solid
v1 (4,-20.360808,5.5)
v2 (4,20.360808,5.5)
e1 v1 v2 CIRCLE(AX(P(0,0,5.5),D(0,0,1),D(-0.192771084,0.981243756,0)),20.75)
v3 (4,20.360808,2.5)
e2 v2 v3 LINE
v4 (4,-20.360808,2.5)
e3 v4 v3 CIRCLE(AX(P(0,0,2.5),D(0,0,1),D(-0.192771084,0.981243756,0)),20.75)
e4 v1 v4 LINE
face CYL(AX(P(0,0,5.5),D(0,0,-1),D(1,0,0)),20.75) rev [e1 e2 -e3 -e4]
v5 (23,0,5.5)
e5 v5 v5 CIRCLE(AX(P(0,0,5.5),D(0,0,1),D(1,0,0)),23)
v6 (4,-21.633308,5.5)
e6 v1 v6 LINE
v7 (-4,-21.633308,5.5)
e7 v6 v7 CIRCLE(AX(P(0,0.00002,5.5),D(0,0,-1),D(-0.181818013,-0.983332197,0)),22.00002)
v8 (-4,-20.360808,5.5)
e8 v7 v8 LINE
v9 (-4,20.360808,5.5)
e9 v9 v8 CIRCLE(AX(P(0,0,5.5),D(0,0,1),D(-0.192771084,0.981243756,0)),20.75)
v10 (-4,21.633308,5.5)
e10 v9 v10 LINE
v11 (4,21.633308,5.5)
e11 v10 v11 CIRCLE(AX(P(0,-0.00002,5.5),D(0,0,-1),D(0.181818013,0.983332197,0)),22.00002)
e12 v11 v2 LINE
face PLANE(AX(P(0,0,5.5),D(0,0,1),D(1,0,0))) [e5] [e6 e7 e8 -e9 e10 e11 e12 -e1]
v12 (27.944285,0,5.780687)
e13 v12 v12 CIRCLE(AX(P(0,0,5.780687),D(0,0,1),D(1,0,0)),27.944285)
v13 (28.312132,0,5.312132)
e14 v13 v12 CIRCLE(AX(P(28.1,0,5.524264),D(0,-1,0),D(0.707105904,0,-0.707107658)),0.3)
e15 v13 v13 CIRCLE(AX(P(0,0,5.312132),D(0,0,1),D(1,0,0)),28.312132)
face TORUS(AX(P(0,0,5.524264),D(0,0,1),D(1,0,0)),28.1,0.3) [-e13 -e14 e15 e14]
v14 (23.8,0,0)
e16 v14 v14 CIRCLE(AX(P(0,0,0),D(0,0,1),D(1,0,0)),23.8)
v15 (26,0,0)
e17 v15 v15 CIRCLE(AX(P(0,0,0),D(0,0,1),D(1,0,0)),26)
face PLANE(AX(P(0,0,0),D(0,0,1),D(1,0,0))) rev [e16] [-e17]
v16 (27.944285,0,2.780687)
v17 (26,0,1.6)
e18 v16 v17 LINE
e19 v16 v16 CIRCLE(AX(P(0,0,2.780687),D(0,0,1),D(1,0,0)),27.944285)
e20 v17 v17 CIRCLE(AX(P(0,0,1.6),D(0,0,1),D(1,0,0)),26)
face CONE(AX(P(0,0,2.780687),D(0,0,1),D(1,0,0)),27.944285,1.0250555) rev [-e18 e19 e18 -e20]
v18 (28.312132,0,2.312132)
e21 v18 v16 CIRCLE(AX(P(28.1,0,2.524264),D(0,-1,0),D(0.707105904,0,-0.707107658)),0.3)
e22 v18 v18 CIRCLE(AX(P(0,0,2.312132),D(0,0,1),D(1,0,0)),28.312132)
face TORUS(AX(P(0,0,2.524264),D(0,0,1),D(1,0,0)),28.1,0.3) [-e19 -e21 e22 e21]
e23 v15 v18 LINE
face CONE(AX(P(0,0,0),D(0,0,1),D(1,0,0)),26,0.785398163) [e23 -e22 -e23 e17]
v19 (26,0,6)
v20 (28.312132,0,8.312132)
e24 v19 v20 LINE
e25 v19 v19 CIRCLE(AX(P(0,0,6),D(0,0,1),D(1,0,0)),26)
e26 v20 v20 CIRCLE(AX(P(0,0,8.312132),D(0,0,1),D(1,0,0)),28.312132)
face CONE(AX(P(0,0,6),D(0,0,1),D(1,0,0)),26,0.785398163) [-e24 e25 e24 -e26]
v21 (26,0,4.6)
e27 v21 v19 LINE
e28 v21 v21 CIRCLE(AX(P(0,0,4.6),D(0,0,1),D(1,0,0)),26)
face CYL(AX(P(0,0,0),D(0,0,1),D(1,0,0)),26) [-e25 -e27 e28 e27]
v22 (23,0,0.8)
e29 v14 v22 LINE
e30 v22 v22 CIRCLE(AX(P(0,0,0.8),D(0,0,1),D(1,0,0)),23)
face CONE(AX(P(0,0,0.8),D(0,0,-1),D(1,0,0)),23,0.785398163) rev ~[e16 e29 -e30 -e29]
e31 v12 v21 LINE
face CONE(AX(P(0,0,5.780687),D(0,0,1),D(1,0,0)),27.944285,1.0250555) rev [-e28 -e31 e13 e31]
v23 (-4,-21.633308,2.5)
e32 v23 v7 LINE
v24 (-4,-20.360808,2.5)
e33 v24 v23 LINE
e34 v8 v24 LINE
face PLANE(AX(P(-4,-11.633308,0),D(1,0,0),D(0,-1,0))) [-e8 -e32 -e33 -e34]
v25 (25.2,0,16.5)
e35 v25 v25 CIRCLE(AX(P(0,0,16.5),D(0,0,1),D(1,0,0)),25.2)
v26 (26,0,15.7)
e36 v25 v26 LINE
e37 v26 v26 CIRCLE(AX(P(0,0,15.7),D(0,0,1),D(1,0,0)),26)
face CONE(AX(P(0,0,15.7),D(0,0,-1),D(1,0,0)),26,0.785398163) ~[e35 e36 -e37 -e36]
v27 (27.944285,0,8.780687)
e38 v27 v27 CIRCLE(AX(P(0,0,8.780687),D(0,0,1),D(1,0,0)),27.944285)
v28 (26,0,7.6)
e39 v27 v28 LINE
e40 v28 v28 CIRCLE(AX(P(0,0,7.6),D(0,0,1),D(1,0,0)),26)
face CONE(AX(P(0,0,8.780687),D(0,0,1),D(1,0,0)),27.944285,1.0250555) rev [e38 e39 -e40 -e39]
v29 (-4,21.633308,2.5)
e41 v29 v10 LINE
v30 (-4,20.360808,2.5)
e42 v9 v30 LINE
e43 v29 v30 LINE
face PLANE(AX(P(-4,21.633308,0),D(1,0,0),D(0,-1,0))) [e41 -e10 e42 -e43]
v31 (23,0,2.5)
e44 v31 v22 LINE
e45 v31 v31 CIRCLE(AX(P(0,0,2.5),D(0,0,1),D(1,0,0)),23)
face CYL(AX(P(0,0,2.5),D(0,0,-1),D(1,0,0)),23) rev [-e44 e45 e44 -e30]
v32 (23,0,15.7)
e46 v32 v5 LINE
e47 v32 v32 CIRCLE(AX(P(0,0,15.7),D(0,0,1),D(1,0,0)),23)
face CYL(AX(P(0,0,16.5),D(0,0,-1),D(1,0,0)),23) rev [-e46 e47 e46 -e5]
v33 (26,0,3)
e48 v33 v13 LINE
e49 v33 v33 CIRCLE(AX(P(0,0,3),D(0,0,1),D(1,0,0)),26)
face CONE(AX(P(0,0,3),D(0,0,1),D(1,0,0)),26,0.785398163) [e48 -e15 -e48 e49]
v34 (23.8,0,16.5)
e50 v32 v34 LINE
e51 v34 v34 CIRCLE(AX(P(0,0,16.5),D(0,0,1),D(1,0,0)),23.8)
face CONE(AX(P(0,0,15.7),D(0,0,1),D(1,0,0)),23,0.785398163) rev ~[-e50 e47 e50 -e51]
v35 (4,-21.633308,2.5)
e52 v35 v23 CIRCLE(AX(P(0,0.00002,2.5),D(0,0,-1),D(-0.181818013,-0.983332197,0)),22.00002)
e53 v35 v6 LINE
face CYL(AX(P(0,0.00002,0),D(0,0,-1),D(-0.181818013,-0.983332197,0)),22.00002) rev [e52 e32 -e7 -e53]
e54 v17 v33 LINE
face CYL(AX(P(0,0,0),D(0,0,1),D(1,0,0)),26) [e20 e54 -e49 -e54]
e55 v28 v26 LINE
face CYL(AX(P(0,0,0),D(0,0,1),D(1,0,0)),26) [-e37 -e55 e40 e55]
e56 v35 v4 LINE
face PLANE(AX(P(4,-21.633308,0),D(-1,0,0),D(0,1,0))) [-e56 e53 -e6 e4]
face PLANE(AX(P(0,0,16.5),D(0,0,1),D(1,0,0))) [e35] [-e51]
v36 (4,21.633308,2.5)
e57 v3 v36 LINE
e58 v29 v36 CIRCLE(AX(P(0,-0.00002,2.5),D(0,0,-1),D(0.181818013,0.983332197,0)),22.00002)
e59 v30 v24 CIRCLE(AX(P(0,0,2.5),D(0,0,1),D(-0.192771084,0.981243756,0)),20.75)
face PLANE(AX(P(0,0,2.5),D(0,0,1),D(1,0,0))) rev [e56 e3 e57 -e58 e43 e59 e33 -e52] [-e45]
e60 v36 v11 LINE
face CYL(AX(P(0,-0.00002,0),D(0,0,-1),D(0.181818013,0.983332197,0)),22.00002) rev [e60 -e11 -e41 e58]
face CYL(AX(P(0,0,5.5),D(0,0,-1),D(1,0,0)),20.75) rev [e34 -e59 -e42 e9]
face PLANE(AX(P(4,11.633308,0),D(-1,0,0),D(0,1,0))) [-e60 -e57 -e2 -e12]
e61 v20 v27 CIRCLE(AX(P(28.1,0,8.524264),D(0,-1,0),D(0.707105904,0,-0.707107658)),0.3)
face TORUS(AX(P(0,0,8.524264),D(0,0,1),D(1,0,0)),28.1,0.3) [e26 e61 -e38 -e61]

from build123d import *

# Parameters (mm, degrees)
POCKET_DEPTH        = 167.235867
POLARPATTERN_COUNT  = 2
LINEARPATTERN_COUNT = 3
LINEARPATTERN_PITCH = 3
CHAMFER_SIZE        = 0.8


with BuildPart() as part:
    # Sketch → Revolution (revolve)
    with BuildSketch(Plane.XZ):
        Polygon((20.75, 2.5), (23, 2.5), (23, 0), (26, 0), (26, 16.5), (23, 16.5), (23, 5.5), (20.75, 5.5), align=None)
    revolve(axis=Axis((0, 0, 0), (0, 0, 1)))

    # Sketch001 → Pocket (cut, through all)
    with BuildSketch(Plane.XY):
        with BuildLine():
            Line((-4, 21.633308), (-4, 11.633308))
            Line((-4, 11.633308), (4, 11.633308))
            Line((4, 11.633308), (4, 21.633308))
            ThreePointArc((4, 21.633308), (0, 22), (-4, 21.633308))
        make_face()
    pocket = extrude(amount=POCKET_DEPTH, mode=Mode.SUBTRACT)

    # PolarPattern: Pocket ×2 about axis
    polarpattern_axis = Axis((0, 0, 0), (0, 0, 1))
    for i in range(1, POLARPATTERN_COUNT):
        add(pocket.rotate(polarpattern_axis, i * 360 / POLARPATTERN_COUNT), mode=Mode.SUBTRACT)

    # Sketch002 → Revolution001 (revolve)
    with BuildSketch(Plane.XZ):
        with BuildLine():
            Line((26, 0), (28.312132, 2.312132))
            ThreePointArc((28.312132, 2.312132), (28.33597, 2.709516), (27.944285, 2.780687))
            Line((27.944285, 2.780687), (26, 1.6))
            Line((26, 1.6), (26, 0))
        make_face()
    revolution001 = revolve(axis=Axis((0, 0, 0), (0, 0, 1)))

    # LinearPattern: Revolution001 ×3
    with Locations(*[(0, 0, i * LINEARPATTERN_PITCH) for i in range(1, LINEARPATTERN_COUNT)]):
        add(revolution001)

    # Chamfer
    chamfer_edges = [part.edges().sort_by_distance(p)[0] for p in [
        (-23, 0, 16.5),
        (-26, 0, 16.5),
        (-23, 0, 0),
    ]]
    chamfer(chamfer_edges, length=CHAMFER_SIZE)


solid = part.part
